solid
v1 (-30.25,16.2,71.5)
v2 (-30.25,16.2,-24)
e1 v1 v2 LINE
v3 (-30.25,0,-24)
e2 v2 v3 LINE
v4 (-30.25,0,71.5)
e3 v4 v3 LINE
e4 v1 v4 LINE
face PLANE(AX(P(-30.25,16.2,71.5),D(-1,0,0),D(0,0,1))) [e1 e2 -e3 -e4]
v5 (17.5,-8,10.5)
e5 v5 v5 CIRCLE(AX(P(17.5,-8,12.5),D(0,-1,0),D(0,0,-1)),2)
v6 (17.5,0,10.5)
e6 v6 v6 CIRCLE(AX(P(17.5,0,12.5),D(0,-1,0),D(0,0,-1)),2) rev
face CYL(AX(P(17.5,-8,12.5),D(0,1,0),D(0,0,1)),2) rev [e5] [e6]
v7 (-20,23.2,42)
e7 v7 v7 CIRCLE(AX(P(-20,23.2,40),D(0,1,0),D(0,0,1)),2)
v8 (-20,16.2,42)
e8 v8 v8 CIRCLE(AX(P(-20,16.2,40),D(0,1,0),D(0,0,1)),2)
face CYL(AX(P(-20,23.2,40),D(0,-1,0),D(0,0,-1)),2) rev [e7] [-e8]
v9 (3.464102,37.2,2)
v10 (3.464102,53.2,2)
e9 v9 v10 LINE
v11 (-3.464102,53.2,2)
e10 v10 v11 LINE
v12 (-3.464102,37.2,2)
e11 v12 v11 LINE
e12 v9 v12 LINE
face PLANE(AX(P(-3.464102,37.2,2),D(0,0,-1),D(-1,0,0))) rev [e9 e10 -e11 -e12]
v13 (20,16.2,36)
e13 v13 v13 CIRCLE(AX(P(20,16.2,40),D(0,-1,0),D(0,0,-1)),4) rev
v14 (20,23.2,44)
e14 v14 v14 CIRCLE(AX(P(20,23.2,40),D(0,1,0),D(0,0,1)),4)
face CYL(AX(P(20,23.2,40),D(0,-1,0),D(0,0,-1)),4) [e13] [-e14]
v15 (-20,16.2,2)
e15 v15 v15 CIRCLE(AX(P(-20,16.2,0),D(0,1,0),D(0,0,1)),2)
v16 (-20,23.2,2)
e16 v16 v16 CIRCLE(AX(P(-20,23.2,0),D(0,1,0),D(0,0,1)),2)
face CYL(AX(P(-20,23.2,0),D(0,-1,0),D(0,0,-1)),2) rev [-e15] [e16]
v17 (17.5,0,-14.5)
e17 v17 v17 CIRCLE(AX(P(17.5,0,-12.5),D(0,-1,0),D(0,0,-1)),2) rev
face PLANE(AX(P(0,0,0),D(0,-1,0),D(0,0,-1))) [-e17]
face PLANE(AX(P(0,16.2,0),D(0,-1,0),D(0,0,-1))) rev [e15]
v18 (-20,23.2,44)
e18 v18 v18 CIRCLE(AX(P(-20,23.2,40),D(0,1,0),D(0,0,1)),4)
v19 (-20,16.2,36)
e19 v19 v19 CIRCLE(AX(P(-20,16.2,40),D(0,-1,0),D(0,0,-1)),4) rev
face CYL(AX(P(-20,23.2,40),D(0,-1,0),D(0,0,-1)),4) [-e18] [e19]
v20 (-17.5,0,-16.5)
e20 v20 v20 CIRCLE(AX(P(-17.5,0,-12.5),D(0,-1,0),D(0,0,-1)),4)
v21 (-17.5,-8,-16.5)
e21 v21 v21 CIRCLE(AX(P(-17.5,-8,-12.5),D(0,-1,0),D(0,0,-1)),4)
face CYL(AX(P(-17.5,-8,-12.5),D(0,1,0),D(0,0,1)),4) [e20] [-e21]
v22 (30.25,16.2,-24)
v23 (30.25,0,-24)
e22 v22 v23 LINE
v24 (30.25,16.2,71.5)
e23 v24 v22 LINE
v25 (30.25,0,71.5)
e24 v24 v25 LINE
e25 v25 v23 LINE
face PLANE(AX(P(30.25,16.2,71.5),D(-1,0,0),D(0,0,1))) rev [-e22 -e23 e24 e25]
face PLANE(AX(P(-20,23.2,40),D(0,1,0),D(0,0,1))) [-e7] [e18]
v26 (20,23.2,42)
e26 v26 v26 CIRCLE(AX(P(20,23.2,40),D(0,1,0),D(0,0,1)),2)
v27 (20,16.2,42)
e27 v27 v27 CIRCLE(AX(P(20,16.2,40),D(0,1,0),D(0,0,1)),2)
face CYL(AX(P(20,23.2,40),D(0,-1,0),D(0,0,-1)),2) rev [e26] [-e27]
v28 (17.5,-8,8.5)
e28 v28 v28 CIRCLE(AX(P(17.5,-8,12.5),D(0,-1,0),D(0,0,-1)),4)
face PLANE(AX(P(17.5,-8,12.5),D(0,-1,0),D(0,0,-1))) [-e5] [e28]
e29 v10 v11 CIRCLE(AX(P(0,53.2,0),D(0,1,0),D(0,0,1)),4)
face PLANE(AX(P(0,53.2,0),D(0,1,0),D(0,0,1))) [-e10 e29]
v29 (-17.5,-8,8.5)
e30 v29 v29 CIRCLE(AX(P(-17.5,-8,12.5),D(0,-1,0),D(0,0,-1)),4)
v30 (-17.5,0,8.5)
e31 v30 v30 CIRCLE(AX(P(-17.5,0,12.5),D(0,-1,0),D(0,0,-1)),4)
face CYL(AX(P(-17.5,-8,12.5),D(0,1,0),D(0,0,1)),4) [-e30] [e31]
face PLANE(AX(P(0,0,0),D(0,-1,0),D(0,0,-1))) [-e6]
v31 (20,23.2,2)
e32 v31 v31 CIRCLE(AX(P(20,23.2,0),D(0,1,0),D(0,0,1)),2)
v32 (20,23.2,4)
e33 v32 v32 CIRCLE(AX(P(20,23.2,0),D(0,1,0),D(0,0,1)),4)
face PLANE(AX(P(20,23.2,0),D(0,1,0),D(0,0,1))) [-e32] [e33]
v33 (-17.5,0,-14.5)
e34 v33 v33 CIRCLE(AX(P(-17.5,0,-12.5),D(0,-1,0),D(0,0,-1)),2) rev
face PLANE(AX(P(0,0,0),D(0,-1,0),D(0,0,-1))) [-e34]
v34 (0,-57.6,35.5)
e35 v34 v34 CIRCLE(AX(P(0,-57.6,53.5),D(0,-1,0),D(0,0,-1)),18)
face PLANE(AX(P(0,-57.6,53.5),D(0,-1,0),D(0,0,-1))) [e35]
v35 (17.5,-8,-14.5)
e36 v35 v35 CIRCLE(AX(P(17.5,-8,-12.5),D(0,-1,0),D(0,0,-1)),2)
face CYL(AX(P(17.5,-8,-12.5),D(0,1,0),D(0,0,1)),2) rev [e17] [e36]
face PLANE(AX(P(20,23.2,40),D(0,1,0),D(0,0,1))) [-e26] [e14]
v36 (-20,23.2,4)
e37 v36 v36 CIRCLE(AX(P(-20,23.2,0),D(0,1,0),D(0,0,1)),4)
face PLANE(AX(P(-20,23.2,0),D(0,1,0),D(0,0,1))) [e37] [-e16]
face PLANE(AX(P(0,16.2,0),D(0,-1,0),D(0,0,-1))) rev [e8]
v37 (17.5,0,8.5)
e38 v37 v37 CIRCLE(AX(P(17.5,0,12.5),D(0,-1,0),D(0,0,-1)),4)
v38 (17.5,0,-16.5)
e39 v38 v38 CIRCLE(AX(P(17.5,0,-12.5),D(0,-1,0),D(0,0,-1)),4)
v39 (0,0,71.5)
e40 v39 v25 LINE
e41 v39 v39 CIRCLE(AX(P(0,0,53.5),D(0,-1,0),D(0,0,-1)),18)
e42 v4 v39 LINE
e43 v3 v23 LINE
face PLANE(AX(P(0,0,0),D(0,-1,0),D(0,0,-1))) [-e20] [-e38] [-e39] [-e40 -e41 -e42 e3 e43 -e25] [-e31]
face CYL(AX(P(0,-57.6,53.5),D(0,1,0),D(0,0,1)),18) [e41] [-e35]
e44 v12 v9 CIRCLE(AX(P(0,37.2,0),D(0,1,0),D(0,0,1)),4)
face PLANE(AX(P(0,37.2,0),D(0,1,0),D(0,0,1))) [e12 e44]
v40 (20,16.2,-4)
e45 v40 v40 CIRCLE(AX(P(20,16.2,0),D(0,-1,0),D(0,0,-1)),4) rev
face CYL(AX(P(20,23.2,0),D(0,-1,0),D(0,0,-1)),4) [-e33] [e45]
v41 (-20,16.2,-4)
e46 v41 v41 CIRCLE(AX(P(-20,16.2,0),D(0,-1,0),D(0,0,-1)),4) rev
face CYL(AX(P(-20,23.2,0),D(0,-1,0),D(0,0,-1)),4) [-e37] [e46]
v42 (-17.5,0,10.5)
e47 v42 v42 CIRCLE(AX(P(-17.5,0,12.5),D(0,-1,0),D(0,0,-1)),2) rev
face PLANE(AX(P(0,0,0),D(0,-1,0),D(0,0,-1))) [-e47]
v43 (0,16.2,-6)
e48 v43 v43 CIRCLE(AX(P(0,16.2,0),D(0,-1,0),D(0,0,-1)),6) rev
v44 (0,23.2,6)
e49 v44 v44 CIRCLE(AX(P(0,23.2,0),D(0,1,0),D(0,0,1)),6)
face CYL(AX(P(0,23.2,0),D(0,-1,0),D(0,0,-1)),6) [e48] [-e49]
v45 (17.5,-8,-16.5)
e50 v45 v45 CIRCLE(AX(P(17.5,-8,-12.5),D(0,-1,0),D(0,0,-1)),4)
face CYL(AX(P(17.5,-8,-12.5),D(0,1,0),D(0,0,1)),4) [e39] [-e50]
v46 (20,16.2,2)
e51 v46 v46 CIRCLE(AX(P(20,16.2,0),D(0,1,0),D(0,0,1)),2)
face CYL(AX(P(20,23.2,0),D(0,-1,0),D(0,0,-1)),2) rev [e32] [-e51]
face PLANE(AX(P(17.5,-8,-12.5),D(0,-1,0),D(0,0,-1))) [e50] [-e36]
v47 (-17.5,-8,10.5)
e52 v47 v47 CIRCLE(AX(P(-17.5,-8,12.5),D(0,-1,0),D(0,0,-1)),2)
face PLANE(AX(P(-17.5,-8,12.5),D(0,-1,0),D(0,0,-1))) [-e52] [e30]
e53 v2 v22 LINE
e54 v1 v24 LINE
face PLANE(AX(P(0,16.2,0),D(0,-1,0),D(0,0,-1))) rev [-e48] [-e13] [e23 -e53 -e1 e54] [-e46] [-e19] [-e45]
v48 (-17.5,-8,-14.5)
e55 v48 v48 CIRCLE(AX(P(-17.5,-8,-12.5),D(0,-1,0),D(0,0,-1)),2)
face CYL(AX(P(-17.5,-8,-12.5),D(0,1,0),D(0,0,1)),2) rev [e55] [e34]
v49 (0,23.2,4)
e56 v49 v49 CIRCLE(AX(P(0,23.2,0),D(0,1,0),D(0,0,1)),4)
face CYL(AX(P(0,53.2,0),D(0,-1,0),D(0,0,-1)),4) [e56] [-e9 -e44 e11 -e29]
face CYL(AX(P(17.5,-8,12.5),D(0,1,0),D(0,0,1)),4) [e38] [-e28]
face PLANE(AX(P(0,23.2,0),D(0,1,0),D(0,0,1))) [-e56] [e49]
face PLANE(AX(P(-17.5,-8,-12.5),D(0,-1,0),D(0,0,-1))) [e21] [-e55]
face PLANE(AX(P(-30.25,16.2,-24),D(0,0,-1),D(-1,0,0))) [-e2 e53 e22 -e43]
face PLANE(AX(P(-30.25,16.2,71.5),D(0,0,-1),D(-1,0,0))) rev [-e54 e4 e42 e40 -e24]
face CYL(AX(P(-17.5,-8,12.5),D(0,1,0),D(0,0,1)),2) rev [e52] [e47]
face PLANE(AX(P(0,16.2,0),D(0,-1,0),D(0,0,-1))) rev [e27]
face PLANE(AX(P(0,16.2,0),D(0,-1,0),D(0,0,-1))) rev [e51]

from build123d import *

# Parameters (mm, degrees)
SKETCH_1_W          = 60.5
SKETCH_1_H          = 95.5
EXTRUDE_1_DEPTH     = 16.2
SKETCH_2_R          = 6
SKETCH_2_R_2        = 4
SKETCH_2_R_3        = 2
EXTRUDE_2_DEPTH     = 7
SKETCH_3_R          = 4
EXTRUDE_3_DEPTH     = 30
CUT_EXTRUDE_START   = -16
CUT_EXTRUDE_1_DEPTH = 16
SKETCH_5_R          = 4
SKETCH_5_R_2        = 2
EXTRUDE_4_DEPTH     = 8
SKETCH_6_R          = 18
EXTRUDE_5_DEPTH     = 57.6


with BuildPart() as part:
    # 草图1 → 凸台-拉伸1 (new body)
    with BuildSketch(Plane(origin=(0, 0, 0), x_dir=(1, 0, 0), z_dir=(0, 1, 0))):
        with Locations((0, -23.75)):
            Rectangle(SKETCH_1_W, SKETCH_1_H)
    extrude(amount=EXTRUDE_1_DEPTH)

    # 草图2 → 凸台-拉伸2 (add)
    # profile 1 of 5: a face of its own
    with BuildSketch(Plane(origin=(0, 16.2, 0), x_dir=(1, 0, 0), z_dir=(0, 1, 0))):
        with Locations(Location((0, 0, 0), (0, 0, 90))):
            Circle(SKETCH_2_R)
    # profile 2 of 5: a face of its own
    with BuildSketch(Plane(origin=(0, 16.2, 0), x_dir=(1, 0, 0), z_dir=(0, 1, 0))):
        with Locations(Location((-20, 0, 0), (0, 0, 90))):
            Circle(SKETCH_2_R_2)
        with Locations(Location((-20, 0, 0), (0, 0, 270))):
            Circle(SKETCH_2_R_3, mode=Mode.SUBTRACT)
    # profile 3 of 5: a face of its own
    with BuildSketch(Plane(origin=(0, 16.2, 0), x_dir=(1, 0, 0), z_dir=(0, 1, 0))):
        with Locations(Location((20, 0, 0), (0, 0, 90))):
            Circle(SKETCH_2_R_2)
        with Locations(Location((20, 0, 0), (0, 0, 270))):
            Circle(SKETCH_2_R_3, mode=Mode.SUBTRACT)
    # profile 4 of 5: a face of its own
    with BuildSketch(Plane(origin=(0, 16.2, 0), x_dir=(1, 0, 0), z_dir=(0, 1, 0))):
        with Locations(Location((20, -40, 0), (0, 0, 90))):
            Circle(SKETCH_2_R_2)
        with Locations(Location((20, -40, 0), (0, 0, 270))):
            Circle(SKETCH_2_R_3, mode=Mode.SUBTRACT)
    # profile 5 of 5: a face of its own
    with BuildSketch(Plane(origin=(0, 16.2, 0), x_dir=(1, 0, 0), z_dir=(0, 1, 0))):
        with Locations(Location((-20, -40, 0), (0, 0, 90))):
            Circle(SKETCH_2_R_2)
        with Locations(Location((-20, -40, 0), (0, 0, 270))):
            Circle(SKETCH_2_R_3, mode=Mode.SUBTRACT)
    extrude(amount=EXTRUDE_2_DEPTH)

    # 草图3 → 凸台-拉伸3 (add)
    with BuildSketch(Plane(origin=(0, 23.2, 0), x_dir=(1, 0, 0), z_dir=(0, 1, 0))):
        with Locations(Location((0, 0, 0), (0, 0, 270))):
            Circle(SKETCH_3_R)
    extrude(amount=EXTRUDE_3_DEPTH)

    # 草图4 → 切除-拉伸1 (cut)
    with BuildSketch(Plane(origin=(0, 53.2, 0), x_dir=(1, 0, 0), z_dir=(0, 1, 0)).offset(CUT_EXTRUDE_START)):
        with BuildLine():
            Line((-3.464101615, -2), (3.464101615, -2))
            ThreePointArc((3.464101615, -2), (0, -4), (-3.464101615, -2))
        make_face()
    extrude(amount=CUT_EXTRUDE_1_DEPTH, mode=Mode.SUBTRACT)

    # 草图5 → 凸台-拉伸4 (add)
    # profile 1 of 4: a face of its own
    with BuildSketch(Plane(origin=(0, 0, 0), x_dir=(-1, 0, 0), z_dir=(0, -1, 0))):
        with Locations(Location((-17.5, 12.5, 0), (0, 0, 90))):
            Circle(SKETCH_5_R)
        with Locations(Location((-17.5, 12.5, 0), (0, 0, 90))):
            Circle(SKETCH_5_R_2, mode=Mode.SUBTRACT)
    # profile 2 of 4: a face of its own
    with BuildSketch(Plane(origin=(0, 0, 0), x_dir=(-1, 0, 0), z_dir=(0, -1, 0))):
        with Locations(Location((17.5, 12.5, 0), (0, 0, 90))):
            Circle(SKETCH_5_R)
        with Locations(Location((17.5, 12.5, 0), (0, 0, 90))):
            Circle(SKETCH_5_R_2, mode=Mode.SUBTRACT)
    # profile 3 of 4: a face of its own
    with BuildSketch(Plane(origin=(0, 0, 0), x_dir=(-1, 0, 0), z_dir=(0, -1, 0))):
        with Locations(Location((17.5, -12.5, 0), (0, 0, 90))):
            Circle(SKETCH_5_R)
        with Locations(Location((17.5, -12.5, 0), (0, 0, 90))):
            Circle(SKETCH_5_R_2, mode=Mode.SUBTRACT)
    # profile 4 of 4: a face of its own
    with BuildSketch(Plane(origin=(0, 0, 0), x_dir=(-1, 0, 0), z_dir=(0, -1, 0))):
        with Locations(Location((-17.5, -12.5, 0), (0, 0, 90))):
            Circle(SKETCH_5_R)
        with Locations(Location((-17.5, -12.5, 0), (0, 0, 90))):
            Circle(SKETCH_5_R_2, mode=Mode.SUBTRACT)
    extrude(amount=EXTRUDE_4_DEPTH)

    # 草图6 → 凸台-拉伸5 (add)
    with BuildSketch(Plane.XZ):
        with Locations(Location((0, 53.5, 0), (0, 0, 90))):
            Circle(SKETCH_6_R)
    extrude(amount=EXTRUDE_5_DEPTH)


solid = part.part
